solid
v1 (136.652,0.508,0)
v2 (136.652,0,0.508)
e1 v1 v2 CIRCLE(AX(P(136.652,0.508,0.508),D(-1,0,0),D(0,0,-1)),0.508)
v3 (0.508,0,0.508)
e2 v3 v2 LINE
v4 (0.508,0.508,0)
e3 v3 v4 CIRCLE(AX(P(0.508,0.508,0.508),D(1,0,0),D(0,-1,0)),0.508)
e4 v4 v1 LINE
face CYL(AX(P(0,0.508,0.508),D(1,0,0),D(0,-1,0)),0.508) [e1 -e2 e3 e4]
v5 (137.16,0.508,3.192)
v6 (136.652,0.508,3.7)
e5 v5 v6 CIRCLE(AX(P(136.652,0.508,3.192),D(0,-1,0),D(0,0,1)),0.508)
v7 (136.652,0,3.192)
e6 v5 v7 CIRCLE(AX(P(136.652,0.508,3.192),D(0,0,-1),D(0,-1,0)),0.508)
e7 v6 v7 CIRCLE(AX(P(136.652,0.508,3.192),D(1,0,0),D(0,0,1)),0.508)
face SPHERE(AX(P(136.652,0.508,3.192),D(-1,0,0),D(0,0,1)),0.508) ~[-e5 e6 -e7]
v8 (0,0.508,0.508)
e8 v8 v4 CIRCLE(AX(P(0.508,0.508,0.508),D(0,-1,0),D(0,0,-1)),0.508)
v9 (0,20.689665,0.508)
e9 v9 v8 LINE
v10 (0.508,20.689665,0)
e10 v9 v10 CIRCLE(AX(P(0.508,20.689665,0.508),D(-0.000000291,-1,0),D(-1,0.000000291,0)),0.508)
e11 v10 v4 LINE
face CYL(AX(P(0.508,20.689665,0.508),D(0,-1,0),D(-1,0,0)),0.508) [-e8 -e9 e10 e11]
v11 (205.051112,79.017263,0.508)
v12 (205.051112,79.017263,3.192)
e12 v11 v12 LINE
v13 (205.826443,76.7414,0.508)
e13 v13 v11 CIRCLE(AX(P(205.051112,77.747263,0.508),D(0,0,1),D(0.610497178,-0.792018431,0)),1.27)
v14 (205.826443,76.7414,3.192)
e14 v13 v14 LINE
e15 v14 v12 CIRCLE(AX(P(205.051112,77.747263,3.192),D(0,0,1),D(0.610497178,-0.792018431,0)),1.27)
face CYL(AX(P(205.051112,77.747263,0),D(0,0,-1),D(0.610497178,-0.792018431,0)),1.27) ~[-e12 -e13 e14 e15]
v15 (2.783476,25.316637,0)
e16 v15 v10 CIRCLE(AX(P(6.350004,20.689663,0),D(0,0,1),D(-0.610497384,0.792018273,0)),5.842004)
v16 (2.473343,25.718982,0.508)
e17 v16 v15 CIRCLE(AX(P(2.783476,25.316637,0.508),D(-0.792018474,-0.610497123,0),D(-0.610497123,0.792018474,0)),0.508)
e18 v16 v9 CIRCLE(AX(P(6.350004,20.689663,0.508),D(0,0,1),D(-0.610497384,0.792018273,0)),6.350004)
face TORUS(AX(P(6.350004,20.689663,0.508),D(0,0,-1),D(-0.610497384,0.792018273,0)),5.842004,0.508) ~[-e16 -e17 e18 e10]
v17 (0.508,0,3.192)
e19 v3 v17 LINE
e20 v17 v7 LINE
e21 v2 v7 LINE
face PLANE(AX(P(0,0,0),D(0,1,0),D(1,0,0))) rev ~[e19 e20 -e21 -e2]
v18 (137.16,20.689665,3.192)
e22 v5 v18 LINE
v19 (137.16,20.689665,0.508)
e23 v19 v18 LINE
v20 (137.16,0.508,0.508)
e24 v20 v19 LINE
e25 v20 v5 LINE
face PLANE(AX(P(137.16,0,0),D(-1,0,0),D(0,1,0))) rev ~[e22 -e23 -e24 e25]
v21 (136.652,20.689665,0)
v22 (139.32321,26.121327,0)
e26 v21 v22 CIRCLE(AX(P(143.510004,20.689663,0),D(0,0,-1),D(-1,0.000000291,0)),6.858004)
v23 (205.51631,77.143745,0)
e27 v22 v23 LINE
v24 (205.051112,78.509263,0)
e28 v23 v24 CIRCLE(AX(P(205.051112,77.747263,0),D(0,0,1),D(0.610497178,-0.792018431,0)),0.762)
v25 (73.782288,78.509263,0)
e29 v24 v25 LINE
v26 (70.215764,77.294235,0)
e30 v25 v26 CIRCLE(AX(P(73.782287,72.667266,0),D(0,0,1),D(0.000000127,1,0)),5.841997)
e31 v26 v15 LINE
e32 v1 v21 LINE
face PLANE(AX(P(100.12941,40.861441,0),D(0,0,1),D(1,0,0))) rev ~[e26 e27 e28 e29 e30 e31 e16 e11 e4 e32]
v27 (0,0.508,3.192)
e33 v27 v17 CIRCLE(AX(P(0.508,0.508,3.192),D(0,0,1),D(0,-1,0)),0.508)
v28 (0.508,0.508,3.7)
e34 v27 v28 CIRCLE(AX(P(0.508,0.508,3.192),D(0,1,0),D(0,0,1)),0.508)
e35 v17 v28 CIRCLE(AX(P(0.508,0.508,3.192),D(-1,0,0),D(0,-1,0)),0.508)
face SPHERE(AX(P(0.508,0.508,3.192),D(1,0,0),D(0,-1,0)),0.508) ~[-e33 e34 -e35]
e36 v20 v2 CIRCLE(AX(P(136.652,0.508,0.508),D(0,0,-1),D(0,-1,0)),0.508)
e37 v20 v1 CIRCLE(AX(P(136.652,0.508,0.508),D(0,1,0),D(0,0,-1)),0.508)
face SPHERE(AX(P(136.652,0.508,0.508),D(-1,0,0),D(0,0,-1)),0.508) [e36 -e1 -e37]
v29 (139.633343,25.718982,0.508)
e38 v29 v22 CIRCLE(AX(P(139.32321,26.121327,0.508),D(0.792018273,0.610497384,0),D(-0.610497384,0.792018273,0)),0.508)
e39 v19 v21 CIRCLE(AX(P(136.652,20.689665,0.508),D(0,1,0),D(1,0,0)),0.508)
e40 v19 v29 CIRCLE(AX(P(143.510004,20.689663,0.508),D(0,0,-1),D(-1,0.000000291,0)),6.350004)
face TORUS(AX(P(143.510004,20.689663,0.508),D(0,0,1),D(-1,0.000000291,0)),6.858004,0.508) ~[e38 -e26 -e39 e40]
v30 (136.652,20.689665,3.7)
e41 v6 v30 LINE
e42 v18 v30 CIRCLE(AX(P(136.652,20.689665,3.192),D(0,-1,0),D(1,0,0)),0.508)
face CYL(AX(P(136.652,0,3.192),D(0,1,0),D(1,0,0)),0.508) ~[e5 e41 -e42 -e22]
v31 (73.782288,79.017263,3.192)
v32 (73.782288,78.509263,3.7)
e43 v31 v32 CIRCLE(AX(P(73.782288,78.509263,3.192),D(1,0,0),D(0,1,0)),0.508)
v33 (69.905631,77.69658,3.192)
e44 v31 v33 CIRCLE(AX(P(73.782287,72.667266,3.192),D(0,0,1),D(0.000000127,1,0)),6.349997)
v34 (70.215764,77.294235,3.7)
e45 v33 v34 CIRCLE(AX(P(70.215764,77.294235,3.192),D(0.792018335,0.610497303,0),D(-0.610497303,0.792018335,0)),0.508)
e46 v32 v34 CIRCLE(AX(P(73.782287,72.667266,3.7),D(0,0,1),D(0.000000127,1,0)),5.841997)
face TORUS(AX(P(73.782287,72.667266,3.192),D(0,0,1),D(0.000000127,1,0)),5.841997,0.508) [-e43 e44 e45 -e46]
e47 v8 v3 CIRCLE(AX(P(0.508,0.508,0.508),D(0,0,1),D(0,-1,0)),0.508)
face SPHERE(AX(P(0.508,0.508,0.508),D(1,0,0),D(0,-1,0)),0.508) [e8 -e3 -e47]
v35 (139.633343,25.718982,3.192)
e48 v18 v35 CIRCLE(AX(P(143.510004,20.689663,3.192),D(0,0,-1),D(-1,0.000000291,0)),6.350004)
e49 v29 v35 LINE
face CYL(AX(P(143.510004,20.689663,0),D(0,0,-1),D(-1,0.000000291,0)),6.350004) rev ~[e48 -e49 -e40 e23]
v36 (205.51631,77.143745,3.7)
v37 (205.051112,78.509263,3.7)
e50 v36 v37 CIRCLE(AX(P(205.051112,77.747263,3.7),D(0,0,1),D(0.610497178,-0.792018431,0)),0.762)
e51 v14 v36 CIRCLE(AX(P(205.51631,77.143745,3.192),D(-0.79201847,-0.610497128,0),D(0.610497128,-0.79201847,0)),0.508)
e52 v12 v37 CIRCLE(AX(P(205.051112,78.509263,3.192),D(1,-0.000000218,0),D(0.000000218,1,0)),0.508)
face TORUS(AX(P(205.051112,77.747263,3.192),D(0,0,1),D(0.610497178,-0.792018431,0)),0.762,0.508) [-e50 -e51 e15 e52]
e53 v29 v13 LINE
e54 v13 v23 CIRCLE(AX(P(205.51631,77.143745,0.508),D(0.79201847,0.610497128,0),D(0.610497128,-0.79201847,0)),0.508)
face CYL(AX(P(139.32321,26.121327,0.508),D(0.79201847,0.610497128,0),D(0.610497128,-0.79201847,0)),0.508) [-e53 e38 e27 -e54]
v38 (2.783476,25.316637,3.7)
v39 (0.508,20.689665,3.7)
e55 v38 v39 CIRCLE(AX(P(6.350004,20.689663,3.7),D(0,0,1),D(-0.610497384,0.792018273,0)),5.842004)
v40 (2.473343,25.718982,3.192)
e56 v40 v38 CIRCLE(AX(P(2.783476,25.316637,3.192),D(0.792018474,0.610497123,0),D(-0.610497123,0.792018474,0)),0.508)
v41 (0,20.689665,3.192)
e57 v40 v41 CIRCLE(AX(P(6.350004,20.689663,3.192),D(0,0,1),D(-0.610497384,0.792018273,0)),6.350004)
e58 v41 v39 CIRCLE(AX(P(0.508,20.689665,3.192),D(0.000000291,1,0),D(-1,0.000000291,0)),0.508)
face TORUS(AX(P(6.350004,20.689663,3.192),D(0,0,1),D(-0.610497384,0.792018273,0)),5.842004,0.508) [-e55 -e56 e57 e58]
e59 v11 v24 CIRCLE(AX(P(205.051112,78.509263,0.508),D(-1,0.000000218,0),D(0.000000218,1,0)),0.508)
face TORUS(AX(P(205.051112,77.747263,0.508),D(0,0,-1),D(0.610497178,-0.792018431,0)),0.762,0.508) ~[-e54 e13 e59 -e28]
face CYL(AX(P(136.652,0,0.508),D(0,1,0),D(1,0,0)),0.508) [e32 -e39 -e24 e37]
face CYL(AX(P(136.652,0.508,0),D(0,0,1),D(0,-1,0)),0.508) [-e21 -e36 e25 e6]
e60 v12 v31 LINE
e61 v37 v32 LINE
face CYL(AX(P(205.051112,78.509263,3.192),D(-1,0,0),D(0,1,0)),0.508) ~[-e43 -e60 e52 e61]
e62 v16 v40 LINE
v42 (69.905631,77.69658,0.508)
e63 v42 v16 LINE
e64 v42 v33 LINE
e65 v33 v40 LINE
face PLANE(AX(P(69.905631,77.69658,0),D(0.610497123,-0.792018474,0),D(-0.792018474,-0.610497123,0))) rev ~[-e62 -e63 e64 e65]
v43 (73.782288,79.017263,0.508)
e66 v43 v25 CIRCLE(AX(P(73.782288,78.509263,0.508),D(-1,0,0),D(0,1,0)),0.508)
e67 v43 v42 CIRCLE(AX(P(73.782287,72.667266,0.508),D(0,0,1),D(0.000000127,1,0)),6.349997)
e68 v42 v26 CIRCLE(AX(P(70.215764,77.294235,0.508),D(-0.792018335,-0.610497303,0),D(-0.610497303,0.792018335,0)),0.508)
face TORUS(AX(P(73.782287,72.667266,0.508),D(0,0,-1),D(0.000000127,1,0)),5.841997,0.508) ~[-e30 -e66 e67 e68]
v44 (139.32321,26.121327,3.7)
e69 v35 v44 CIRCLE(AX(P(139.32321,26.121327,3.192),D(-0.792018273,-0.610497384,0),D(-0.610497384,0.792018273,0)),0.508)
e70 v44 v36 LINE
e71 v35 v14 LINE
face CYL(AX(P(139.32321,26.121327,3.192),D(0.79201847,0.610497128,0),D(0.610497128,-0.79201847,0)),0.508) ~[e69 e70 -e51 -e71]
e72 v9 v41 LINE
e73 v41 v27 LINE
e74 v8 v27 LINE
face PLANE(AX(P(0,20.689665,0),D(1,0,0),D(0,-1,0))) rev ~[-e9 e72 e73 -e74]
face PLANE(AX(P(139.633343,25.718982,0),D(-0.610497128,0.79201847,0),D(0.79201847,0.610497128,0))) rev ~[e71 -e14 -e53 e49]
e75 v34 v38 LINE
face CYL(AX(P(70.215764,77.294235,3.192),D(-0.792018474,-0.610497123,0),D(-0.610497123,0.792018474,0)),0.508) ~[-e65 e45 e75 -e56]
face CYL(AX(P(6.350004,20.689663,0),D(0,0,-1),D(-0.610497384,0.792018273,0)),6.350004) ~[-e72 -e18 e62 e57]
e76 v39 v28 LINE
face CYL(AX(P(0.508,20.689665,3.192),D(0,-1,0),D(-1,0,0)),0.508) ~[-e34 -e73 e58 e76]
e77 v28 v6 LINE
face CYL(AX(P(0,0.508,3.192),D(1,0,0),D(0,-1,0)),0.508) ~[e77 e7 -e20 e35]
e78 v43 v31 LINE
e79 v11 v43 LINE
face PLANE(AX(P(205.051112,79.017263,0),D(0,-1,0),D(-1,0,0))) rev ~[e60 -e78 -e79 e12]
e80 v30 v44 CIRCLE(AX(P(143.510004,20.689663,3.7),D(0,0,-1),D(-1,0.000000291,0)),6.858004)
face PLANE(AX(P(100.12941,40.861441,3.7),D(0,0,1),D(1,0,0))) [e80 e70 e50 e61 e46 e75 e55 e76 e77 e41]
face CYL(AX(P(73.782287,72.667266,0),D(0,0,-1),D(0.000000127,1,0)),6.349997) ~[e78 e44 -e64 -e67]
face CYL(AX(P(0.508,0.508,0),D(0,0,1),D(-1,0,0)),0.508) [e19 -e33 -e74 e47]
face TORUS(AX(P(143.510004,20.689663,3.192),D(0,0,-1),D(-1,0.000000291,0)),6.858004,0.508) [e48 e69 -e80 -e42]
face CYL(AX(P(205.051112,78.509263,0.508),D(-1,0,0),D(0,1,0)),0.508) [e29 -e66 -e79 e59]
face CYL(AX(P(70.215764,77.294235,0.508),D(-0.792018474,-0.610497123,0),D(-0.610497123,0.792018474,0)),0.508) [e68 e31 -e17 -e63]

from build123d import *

# Parameters (mm, degrees)
F1_DEPTH = 3.7
F2_R     = 0.508


with BuildPart() as f1:
    # F0 (on Top) → F1 (new body)
    with BuildSketch(Plane.XY):
        with BuildLine():
            Line((0, 20.689665), (0, 0))
            Line((0, 0), (137.16, 0))
            Line((137.16, 0), (137.16, 20.689665))
            ThreePointArc((137.16, 20.689665), (137.811787, 23.491961), (139.633343, 25.718982))
            Line((139.633343, 25.718982), (205.826443, 76.7414))
            ThreePointArc((205.826443, 76.7414), (206.253265, 78.156808), (205.051112, 79.017263))
            Line((205.051112, 79.017263), (73.782288, 79.017263))
            ThreePointArc((73.782288, 79.017263), (71.734565, 78.678031), (69.905631, 77.69658))
            Line((69.905631, 77.69658), (2.473343, 25.718982))
            ThreePointArc((2.473343, 25.718982), (0.651787, 23.491961), (0, 20.689665))
        make_face()
    extrude(amount=F1_DEPTH)

    # F2
    f2_edges = [f1.edges().sort_by_distance(p)[0] for p in [
        (68.58, 0, 3.7),
        (68.58, 0, 0),
        (0, 0, 1.85),
        (0, 10.344832, 3.7),
        (137.16, 10.344832, 0),
        (137.16, 0, 1.85),
    ]]
    fillet(f2_edges, radius=F2_R)


solid = f1.part
